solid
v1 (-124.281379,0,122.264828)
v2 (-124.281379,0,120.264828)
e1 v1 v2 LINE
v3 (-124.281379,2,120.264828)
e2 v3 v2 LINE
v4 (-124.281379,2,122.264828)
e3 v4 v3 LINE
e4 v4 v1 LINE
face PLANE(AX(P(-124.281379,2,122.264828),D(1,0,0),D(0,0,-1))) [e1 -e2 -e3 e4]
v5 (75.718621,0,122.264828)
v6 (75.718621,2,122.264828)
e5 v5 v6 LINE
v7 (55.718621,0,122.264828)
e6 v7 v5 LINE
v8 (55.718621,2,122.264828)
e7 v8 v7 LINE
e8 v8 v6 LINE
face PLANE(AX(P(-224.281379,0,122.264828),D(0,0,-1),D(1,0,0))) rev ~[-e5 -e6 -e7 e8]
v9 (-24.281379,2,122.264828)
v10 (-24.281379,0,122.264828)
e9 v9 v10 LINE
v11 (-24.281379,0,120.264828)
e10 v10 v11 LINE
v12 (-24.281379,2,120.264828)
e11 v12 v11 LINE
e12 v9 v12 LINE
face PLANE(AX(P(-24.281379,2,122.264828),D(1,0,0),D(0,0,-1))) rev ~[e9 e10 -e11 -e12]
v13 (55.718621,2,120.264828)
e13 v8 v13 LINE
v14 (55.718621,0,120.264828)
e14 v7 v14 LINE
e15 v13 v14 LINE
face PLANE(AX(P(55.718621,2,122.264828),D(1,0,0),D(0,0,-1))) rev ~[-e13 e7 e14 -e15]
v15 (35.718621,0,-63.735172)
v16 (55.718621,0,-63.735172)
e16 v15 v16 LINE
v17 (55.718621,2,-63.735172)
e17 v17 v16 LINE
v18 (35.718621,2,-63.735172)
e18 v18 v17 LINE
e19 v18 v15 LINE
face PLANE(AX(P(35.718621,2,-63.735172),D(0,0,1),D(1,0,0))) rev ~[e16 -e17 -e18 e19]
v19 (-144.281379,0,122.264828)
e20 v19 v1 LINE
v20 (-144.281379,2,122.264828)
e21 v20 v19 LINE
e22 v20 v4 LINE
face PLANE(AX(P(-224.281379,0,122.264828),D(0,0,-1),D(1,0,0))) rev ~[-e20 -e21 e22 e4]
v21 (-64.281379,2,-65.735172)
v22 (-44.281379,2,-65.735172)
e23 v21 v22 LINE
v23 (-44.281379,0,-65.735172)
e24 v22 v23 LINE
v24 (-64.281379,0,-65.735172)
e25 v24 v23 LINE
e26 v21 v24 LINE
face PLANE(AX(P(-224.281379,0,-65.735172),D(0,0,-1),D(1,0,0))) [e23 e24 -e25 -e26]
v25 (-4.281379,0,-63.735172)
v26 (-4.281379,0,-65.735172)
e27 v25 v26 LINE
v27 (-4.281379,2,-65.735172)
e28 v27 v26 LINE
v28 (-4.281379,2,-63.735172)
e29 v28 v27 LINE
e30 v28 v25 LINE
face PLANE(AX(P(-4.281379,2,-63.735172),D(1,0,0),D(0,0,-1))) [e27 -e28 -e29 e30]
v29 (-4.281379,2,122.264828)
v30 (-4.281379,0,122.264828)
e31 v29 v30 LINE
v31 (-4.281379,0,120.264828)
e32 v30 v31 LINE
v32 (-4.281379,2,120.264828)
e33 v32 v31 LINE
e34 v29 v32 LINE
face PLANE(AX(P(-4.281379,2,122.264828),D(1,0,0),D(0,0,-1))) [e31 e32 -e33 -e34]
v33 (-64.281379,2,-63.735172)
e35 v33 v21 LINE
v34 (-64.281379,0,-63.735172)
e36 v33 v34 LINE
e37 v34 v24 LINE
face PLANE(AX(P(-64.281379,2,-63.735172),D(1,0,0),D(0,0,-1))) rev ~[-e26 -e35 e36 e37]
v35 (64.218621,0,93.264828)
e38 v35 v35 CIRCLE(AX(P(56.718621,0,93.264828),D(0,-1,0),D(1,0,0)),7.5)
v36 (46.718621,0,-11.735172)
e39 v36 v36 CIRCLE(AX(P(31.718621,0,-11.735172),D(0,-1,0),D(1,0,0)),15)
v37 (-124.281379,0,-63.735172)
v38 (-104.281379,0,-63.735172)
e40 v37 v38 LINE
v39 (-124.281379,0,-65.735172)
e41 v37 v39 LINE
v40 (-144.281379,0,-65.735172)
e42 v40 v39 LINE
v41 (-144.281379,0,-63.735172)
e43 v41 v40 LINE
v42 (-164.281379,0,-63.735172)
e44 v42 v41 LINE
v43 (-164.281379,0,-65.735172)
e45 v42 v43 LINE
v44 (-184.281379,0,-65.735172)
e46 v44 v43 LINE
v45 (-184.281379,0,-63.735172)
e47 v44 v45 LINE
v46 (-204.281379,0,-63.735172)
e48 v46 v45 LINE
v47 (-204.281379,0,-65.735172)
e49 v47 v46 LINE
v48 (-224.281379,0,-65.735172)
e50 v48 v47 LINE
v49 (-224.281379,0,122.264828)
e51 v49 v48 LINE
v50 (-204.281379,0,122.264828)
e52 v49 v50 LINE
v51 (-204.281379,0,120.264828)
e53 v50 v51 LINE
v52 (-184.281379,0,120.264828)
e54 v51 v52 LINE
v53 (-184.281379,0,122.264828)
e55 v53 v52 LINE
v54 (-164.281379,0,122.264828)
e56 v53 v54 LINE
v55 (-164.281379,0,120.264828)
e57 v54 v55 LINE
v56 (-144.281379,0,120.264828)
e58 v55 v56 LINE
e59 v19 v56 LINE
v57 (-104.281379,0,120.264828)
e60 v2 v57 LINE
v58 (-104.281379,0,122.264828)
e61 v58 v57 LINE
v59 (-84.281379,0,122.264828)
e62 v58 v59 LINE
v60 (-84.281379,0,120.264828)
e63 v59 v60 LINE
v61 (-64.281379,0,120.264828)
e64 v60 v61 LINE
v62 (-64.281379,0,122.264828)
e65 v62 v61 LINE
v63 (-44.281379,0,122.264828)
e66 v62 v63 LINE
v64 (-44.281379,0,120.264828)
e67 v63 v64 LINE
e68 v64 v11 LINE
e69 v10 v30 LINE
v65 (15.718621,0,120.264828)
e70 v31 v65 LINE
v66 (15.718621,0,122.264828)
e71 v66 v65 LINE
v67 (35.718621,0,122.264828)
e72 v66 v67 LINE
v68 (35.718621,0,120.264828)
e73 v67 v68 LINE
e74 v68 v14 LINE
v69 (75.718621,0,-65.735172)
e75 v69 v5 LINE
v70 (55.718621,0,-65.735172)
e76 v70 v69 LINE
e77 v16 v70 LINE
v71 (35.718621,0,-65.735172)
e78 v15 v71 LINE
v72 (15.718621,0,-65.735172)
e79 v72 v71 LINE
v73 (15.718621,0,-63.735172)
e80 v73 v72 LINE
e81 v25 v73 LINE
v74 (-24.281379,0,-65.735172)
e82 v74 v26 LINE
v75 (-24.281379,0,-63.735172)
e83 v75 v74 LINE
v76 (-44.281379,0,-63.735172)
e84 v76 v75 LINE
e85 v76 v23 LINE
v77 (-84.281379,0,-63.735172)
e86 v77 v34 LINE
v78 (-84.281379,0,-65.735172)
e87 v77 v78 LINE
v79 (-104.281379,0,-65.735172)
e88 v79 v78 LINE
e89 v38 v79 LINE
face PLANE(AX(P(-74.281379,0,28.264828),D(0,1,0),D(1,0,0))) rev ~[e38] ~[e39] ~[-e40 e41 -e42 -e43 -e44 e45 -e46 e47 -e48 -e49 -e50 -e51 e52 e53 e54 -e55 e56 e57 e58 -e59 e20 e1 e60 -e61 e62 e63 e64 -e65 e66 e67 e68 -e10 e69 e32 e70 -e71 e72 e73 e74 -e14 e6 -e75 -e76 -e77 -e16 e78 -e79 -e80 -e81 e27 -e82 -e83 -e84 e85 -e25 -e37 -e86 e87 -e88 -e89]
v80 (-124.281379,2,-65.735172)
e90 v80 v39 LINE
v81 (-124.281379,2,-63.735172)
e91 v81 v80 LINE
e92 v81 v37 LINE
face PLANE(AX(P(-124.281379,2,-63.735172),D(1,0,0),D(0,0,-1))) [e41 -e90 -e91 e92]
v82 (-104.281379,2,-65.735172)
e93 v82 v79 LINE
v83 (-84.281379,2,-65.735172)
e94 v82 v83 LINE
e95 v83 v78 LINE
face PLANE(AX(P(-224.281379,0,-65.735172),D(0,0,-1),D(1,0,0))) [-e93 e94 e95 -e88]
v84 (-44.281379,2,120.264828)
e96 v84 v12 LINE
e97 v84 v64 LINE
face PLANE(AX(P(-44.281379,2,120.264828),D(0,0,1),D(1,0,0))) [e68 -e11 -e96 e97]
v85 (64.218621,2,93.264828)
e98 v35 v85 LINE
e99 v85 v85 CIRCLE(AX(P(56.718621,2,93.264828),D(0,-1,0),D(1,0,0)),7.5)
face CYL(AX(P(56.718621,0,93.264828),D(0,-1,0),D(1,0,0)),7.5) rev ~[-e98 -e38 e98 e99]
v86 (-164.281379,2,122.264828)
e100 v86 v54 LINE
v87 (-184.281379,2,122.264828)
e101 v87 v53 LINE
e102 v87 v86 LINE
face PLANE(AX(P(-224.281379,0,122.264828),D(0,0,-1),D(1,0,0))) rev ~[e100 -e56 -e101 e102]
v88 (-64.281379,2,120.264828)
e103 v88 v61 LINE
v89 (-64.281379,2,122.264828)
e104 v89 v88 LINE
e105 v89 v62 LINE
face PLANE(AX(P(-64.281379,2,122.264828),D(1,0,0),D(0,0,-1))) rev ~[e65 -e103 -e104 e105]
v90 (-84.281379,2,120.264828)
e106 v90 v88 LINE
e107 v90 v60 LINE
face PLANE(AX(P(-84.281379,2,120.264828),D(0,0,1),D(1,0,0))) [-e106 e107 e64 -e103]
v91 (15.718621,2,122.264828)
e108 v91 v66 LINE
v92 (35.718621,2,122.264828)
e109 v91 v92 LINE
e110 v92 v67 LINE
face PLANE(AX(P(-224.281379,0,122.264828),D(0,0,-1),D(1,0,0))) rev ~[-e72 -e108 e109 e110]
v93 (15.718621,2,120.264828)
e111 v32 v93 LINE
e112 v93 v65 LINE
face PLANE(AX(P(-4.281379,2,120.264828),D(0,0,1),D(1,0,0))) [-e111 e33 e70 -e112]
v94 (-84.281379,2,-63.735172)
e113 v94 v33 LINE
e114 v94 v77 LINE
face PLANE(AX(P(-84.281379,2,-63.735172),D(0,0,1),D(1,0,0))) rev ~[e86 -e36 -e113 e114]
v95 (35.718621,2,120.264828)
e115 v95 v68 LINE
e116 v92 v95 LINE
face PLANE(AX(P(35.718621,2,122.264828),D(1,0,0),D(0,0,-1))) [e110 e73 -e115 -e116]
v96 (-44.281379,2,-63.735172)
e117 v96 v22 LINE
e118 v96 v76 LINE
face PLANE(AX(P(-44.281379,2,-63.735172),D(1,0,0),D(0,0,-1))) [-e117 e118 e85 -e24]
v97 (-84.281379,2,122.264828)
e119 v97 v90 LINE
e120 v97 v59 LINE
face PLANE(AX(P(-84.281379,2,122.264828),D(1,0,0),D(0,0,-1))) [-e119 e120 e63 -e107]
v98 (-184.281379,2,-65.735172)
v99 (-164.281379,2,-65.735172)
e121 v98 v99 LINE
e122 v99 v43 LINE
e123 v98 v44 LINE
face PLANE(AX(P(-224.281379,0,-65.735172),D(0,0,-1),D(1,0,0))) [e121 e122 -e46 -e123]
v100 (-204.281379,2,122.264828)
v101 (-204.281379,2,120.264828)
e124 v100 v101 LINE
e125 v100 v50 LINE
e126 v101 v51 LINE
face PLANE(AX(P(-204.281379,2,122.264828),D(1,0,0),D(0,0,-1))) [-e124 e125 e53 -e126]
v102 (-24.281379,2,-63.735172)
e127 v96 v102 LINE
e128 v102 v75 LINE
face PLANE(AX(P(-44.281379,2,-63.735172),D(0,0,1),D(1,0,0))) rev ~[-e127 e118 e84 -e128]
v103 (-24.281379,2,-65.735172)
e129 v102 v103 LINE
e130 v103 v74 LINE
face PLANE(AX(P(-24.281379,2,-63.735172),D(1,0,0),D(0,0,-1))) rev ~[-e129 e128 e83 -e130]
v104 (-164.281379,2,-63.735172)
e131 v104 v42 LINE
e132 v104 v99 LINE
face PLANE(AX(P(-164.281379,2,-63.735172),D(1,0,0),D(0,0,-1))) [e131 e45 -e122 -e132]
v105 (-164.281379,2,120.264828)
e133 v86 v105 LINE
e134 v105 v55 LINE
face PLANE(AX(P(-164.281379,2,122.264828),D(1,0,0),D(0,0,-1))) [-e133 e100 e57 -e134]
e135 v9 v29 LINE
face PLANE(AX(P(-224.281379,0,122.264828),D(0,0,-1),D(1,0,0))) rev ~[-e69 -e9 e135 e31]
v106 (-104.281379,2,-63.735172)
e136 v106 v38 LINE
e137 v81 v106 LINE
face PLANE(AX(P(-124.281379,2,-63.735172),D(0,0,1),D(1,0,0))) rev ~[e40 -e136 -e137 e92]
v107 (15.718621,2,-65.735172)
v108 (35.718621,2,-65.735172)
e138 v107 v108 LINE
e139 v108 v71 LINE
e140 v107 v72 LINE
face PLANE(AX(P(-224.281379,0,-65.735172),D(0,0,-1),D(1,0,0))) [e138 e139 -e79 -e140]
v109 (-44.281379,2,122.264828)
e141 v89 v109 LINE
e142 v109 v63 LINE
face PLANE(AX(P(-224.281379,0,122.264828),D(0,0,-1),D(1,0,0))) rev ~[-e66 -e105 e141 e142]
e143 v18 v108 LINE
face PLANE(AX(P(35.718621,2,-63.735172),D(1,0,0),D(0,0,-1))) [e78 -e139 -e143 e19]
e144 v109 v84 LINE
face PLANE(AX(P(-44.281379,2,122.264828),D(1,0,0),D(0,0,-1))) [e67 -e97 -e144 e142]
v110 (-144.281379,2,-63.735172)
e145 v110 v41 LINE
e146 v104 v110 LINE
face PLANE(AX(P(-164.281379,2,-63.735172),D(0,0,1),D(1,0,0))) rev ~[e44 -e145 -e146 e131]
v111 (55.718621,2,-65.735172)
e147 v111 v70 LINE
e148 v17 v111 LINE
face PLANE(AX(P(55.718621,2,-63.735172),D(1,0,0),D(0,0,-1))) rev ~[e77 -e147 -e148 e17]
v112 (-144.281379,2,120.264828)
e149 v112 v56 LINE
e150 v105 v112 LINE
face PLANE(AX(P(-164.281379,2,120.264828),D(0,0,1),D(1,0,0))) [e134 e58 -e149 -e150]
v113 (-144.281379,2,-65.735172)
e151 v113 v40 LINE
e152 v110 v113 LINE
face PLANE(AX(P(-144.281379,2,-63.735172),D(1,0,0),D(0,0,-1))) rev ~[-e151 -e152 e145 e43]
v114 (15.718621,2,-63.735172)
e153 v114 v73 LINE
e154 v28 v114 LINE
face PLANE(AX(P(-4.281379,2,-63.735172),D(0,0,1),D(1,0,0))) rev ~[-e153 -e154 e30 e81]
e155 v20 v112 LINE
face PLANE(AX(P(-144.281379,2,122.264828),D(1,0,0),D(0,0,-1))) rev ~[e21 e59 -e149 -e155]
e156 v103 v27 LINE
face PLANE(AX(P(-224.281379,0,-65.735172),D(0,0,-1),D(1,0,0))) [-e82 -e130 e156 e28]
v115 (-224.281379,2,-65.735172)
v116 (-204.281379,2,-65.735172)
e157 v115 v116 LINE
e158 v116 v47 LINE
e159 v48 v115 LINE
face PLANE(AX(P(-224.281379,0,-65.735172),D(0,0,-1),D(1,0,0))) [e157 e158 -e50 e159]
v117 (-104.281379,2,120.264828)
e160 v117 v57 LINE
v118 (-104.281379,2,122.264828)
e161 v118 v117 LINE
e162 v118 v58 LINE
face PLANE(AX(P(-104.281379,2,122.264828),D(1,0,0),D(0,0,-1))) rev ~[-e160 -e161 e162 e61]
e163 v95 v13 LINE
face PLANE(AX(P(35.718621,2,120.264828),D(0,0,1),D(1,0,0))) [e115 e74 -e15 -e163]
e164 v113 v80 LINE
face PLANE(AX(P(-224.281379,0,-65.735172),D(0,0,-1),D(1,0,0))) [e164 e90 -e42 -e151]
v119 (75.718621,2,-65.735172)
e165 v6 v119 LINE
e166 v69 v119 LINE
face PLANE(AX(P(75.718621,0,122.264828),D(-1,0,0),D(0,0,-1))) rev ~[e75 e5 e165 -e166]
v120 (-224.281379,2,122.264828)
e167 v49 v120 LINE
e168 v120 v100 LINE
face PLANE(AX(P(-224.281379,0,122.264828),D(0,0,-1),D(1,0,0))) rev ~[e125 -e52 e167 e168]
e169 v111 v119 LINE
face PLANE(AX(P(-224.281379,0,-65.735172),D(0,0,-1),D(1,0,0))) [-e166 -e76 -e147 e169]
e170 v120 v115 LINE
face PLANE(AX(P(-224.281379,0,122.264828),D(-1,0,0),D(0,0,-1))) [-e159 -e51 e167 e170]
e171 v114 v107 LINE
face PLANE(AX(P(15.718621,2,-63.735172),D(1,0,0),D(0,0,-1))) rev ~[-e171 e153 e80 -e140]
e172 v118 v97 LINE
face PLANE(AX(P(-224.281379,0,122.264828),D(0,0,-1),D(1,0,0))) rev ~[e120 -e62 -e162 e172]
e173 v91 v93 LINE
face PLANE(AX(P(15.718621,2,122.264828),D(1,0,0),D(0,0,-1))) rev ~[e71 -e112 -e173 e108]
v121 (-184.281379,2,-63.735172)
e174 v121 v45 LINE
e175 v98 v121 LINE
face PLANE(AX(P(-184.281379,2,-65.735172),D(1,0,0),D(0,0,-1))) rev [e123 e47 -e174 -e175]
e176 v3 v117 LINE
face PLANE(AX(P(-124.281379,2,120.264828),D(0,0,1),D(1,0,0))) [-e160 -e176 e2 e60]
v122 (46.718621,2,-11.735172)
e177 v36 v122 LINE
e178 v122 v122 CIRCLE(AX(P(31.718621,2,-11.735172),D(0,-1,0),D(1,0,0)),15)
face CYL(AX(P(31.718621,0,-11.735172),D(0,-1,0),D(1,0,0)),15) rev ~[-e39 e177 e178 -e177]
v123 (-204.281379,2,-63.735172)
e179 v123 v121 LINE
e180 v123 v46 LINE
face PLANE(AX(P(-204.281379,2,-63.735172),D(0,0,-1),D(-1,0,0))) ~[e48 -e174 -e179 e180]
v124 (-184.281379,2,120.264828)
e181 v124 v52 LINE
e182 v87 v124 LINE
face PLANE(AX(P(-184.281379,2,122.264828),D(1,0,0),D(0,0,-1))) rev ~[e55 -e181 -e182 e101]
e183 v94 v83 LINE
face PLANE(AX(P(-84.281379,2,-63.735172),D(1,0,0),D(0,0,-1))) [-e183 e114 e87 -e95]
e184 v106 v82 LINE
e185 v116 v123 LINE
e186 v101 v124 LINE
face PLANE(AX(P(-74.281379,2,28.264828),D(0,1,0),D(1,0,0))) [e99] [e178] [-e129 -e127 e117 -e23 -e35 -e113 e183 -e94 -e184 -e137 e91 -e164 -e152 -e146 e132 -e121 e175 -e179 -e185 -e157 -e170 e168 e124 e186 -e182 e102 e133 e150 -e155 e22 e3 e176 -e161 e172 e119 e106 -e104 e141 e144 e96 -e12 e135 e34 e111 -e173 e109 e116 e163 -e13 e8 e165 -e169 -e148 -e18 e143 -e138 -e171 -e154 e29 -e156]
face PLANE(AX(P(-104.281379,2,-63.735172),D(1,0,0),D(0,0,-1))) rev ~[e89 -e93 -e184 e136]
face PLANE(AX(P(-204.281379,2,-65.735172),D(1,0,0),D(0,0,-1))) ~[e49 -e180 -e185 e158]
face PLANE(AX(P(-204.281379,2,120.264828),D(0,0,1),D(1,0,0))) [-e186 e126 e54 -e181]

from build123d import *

# Parameters (mm, degrees)
SKETCH1_W               = 300
SKETCH1_H               = 188
BOSS_EXTRUDE1_DEPTH     = 2
SKETCH2_W               = 20
SKETCH2_H               = 2
CUT_EXTRUDE1_DEPTH      = 4
LPATTERN1_COUNT         = 8
LPATTERN1_PITCH         = 40
MIRROR1_COPY_1_SKETCH_W = 20
MIRROR1_COPY_1_SKETCH_H = 2
MIRROR1_COPY_1_DEPTH    = 4
MIRROR1_COPY_2_SKETCH_W = 20
MIRROR1_COPY_2_SKETCH_H = 2
MIRROR1_COPY_2_DEPTH    = 4
MIRROR1_COPY_3_SKETCH_W = 20
MIRROR1_COPY_3_SKETCH_H = 2
MIRROR1_COPY_3_DEPTH    = 4
MIRROR1_COPY_4_SKETCH_W = 20
MIRROR1_COPY_4_SKETCH_H = 2
MIRROR1_COPY_4_DEPTH    = 4
MIRROR1_COPY_5_SKETCH_W = 20
MIRROR1_COPY_5_SKETCH_H = 2
MIRROR1_COPY_5_DEPTH    = 4
MIRROR1_COPY_6_SKETCH_W = 20
MIRROR1_COPY_6_SKETCH_H = 2
MIRROR1_COPY_6_DEPTH    = 4
MIRROR1_COPY_7_SKETCH_W = 20
MIRROR1_COPY_7_SKETCH_H = 2
MIRROR1_COPY_7_DEPTH    = 4
SKETCH4_R               = 7.5
SKETCH4_R_2             = 15
CUT_EXTRUDE2_DEPTH      = 3


with BuildPart() as part:
    # Sketch1 → Boss-Extrude1 (new body)
    with BuildSketch(Plane(origin=(0, 0, 0), x_dir=(1, 0, 0), z_dir=(0, 1, 0))):
        with Locations((-74.28137931, -28.264827586)):
            Rectangle(SKETCH1_W, SKETCH1_H)
    extrude(amount=BOSS_EXTRUDE1_DEPTH)

    # Sketch2 → Cut-Extrude1 (cut)
    with BuildSketch(Plane(origin=(0, 2, 0), x_dir=(1, 0, 0), z_dir=(0, 1, 0))):
        with Locations((-194.28137931, -121.264827586)):
            Rectangle(SKETCH2_W, SKETCH2_H)
    cut_extrude1 = extrude(amount=-CUT_EXTRUDE1_DEPTH, mode=Mode.SUBTRACT)

    # LPattern1: Cut-Extrude1 ×8
    with Locations(*[(i * LPATTERN1_PITCH, 0, 0) for i in range(1, LPATTERN1_COUNT)]):
        add(cut_extrude1, mode=Mode.SUBTRACT)

    # Mirror1: Cut-Extrude1 across plane
    add(cut_extrude1.mirror(Plane.XY.offset(28.264827586)), mode=Mode.SUBTRACT)

    # Mirror1 copy 1 sketch → Mirror1 copy 1 (cut)
    with BuildSketch(Plane(origin=(40, 2, 56.529655172), x_dir=(1, 0, 0), z_dir=(0, 1, 0))):
        with Locations((-194.28137931, 121.264827586)):
            Rectangle(MIRROR1_COPY_1_SKETCH_W, MIRROR1_COPY_1_SKETCH_H)
    extrude(amount=-MIRROR1_COPY_1_DEPTH, mode=Mode.SUBTRACT)

    # Mirror1 copy 2 sketch → Mirror1 copy 2 (cut)
    with BuildSketch(Plane(origin=(80, 2, 56.529655172), x_dir=(1, 0, 0), z_dir=(0, 1, 0))):
        with Locations((-194.28137931, 121.264827586)):
            Rectangle(MIRROR1_COPY_2_SKETCH_W, MIRROR1_COPY_2_SKETCH_H)
    extrude(amount=-MIRROR1_COPY_2_DEPTH, mode=Mode.SUBTRACT)

    # Mirror1 copy 3 sketch → Mirror1 copy 3 (cut)
    with BuildSketch(Plane(origin=(120, 2, 56.529655172), x_dir=(1, 0, 0), z_dir=(0, 1, 0))):
        with Locations((-194.28137931, 121.264827586)):
            Rectangle(MIRROR1_COPY_3_SKETCH_W, MIRROR1_COPY_3_SKETCH_H)
    extrude(amount=-MIRROR1_COPY_3_DEPTH, mode=Mode.SUBTRACT)

    # Mirror1 copy 4 sketch → Mirror1 copy 4 (cut)
    with BuildSketch(Plane(origin=(160, 2, 56.529655172), x_dir=(1, 0, 0), z_dir=(0, 1, 0))):
        with Locations((-194.28137931, 121.264827586)):
            Rectangle(MIRROR1_COPY_4_SKETCH_W, MIRROR1_COPY_4_SKETCH_H)
    extrude(amount=-MIRROR1_COPY_4_DEPTH, mode=Mode.SUBTRACT)

    # Mirror1 copy 5 sketch → Mirror1 copy 5 (cut)
    with BuildSketch(Plane(origin=(200, 2, 56.529655172), x_dir=(1, 0, 0), z_dir=(0, 1, 0))):
        with Locations((-194.28137931, 121.264827586)):
            Rectangle(MIRROR1_COPY_5_SKETCH_W, MIRROR1_COPY_5_SKETCH_H)
    extrude(amount=-MIRROR1_COPY_5_DEPTH, mode=Mode.SUBTRACT)

    # Mirror1 copy 6 sketch → Mirror1 copy 6 (cut)
    with BuildSketch(Plane(origin=(240, 2, 56.529655172), x_dir=(1, 0, 0), z_dir=(0, 1, 0))):
        with Locations((-194.28137931, 121.264827586)):
            Rectangle(MIRROR1_COPY_6_SKETCH_W, MIRROR1_COPY_6_SKETCH_H)
    extrude(amount=-MIRROR1_COPY_6_DEPTH, mode=Mode.SUBTRACT)

    # Mirror1 copy 7 sketch → Mirror1 copy 7 (cut)
    with BuildSketch(Plane(origin=(280, 2, 56.529655172), x_dir=(1, 0, 0), z_dir=(0, 1, 0))):
        with Locations((-194.28137931, 121.264827586)):
            Rectangle(MIRROR1_COPY_7_SKETCH_W, MIRROR1_COPY_7_SKETCH_H)
    extrude(amount=-MIRROR1_COPY_7_DEPTH, mode=Mode.SUBTRACT)

    # Sketch4 → Cut-Extrude2 (cut, through all)
    with BuildSketch(Plane.XZ):
        with Locations((56.71862069, 93.264827586)):
            Circle(SKETCH4_R)
        with Locations((31.71862069, -11.735172414)):
            Circle(SKETCH4_R_2)
    extrude(amount=-CUT_EXTRUDE2_DEPTH, mode=Mode.SUBTRACT)


solid = part.part
